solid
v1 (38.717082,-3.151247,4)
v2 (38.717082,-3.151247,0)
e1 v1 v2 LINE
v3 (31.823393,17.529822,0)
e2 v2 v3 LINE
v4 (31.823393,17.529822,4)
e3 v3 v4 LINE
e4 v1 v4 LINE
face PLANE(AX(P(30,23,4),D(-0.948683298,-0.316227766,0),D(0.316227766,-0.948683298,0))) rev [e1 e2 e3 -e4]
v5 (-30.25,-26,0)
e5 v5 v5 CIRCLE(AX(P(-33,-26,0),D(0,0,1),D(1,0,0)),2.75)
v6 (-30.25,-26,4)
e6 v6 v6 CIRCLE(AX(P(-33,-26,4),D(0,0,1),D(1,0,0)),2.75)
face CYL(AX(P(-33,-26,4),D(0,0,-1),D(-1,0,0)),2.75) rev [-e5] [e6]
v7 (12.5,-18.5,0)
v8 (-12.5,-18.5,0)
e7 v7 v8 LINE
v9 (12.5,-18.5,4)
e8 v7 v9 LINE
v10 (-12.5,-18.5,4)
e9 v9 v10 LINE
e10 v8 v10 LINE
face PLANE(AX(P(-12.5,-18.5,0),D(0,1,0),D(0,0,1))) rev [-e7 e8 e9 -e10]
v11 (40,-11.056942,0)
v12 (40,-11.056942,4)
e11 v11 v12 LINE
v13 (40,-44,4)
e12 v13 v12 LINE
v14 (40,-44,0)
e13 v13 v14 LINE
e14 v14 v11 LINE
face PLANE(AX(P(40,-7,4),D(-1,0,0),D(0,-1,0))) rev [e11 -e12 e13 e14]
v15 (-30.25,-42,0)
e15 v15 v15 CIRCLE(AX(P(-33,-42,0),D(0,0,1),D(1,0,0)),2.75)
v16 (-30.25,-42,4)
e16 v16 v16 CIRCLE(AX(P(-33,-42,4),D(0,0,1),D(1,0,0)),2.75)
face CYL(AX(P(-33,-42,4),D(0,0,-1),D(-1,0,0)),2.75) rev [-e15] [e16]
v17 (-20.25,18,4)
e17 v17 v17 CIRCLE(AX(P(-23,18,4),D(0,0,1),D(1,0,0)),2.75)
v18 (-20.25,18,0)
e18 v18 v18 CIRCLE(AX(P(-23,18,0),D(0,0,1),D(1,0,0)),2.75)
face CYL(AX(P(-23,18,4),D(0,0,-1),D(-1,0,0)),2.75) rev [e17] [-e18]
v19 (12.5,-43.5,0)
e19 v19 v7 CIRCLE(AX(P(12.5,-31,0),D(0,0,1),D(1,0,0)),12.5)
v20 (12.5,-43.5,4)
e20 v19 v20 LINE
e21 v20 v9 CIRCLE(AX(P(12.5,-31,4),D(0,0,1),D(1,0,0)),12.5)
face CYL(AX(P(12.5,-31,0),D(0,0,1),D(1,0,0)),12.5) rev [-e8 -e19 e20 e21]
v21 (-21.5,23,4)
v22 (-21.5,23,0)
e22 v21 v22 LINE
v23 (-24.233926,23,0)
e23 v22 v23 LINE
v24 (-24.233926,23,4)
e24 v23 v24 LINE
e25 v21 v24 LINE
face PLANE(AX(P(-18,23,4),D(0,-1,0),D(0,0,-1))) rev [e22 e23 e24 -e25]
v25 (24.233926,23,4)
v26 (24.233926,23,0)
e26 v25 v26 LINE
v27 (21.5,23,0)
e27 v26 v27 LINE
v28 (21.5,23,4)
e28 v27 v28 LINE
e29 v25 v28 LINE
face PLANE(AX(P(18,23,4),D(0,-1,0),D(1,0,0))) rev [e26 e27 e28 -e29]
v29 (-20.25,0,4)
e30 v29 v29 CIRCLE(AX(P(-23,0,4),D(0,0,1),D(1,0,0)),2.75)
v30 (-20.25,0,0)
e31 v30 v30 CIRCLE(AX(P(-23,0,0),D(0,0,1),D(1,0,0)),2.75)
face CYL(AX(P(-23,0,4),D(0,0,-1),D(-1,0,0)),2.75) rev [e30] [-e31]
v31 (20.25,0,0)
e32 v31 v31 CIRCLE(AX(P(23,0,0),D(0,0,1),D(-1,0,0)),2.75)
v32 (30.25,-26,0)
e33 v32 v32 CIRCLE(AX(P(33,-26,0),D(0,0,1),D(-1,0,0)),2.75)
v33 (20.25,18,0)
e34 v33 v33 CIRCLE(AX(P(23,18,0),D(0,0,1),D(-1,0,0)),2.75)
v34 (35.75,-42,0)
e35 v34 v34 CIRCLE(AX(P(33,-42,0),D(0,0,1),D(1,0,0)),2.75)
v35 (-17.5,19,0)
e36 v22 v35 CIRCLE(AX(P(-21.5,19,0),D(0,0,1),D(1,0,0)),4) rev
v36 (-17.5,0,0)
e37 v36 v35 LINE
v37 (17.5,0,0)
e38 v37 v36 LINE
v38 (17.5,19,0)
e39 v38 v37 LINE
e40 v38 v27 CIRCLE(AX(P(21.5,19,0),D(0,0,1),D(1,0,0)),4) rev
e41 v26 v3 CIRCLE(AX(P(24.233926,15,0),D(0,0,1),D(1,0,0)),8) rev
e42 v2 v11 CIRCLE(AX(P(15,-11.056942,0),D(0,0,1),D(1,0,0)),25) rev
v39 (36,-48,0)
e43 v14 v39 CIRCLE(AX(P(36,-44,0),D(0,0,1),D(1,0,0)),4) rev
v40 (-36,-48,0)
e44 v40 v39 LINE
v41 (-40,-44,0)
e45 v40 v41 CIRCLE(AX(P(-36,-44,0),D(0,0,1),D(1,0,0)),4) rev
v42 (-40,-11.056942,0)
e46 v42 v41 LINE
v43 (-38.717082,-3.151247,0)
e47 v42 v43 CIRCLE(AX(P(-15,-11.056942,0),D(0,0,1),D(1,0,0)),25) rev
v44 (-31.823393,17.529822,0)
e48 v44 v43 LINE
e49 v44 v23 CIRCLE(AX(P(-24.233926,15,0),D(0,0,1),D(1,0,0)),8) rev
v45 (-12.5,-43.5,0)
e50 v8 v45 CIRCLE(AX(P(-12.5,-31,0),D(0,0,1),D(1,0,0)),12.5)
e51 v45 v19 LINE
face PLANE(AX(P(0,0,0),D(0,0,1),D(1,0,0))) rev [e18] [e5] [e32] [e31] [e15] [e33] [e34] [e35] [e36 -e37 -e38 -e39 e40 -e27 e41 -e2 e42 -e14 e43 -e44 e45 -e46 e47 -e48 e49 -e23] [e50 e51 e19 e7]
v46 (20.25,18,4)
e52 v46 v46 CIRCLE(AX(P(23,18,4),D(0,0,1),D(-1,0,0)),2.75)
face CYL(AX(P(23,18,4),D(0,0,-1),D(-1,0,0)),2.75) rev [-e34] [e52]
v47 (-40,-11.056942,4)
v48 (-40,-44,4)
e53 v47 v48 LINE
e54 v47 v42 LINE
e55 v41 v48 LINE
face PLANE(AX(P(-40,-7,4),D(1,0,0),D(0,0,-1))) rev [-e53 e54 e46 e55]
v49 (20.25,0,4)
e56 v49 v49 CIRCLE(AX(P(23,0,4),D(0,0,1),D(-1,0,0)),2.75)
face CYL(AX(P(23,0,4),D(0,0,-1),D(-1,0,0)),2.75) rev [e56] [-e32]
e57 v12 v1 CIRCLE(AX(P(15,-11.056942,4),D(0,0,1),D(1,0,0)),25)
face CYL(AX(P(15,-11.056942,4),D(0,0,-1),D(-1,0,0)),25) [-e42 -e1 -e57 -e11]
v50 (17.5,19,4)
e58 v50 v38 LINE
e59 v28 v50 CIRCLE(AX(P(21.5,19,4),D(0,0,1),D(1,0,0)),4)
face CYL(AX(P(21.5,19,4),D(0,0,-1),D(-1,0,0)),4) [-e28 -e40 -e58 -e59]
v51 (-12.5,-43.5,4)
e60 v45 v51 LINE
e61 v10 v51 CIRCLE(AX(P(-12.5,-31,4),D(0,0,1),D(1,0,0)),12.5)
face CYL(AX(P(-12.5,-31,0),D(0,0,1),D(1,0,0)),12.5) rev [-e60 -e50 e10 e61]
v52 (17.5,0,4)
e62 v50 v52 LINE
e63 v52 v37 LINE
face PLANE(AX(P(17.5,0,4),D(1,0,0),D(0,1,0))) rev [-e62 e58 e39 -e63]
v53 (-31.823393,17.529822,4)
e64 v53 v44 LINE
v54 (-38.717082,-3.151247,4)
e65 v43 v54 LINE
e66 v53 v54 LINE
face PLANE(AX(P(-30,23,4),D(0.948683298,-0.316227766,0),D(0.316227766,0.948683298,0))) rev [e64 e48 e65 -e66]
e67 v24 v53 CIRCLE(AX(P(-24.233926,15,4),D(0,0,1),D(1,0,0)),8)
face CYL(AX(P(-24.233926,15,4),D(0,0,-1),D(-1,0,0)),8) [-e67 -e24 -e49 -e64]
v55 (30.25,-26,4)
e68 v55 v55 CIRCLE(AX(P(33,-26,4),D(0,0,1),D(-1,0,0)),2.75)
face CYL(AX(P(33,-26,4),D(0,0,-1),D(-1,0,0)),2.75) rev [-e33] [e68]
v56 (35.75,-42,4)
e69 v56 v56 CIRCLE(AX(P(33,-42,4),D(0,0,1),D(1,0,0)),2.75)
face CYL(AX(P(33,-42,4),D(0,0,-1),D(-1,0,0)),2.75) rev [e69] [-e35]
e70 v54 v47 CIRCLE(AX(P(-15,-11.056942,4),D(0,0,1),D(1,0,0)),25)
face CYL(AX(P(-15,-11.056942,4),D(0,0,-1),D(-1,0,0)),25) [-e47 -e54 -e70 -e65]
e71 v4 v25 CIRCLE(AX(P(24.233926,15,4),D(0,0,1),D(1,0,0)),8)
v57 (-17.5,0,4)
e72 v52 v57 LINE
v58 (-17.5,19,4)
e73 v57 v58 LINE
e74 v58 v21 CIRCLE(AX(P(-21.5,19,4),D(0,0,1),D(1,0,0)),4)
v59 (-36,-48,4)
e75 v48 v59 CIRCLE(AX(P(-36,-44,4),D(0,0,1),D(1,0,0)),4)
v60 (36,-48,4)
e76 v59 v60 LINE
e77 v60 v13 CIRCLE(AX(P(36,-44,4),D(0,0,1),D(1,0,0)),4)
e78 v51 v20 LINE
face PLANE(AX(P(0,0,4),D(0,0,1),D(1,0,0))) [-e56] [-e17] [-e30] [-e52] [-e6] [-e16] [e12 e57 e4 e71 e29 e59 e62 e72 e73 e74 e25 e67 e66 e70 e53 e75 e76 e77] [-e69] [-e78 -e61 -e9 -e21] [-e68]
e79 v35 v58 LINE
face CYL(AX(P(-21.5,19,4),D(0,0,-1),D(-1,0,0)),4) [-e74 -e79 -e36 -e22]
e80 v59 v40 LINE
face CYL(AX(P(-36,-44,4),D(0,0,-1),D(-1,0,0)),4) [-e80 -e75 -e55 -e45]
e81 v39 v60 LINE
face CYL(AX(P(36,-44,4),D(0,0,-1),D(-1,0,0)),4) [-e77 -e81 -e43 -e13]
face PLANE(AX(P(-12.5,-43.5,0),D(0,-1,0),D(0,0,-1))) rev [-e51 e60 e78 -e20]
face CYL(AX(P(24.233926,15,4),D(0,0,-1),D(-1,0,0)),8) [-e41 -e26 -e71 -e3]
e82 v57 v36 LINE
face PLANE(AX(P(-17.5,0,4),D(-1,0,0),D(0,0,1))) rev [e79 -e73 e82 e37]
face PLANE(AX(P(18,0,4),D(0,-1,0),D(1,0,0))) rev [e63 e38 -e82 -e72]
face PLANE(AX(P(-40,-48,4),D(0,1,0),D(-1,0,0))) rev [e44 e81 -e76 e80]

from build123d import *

# Parameters (mm, degrees)
SKETCH_1_R          = 2.75
EXTRUDE_1_DEPTH     = 4
SKETCH_2_R          = 2.75
EXTRUDE_2_DEPTH     = 4
FILLET_2_R          = 4
FILLET_3_R          = 8
FILLET_4_R          = 25
CUT_EXTRUDE_1_DEPTH = 5


with BuildPart() as part:
    # Эскиз1 → Бобышка-Вытянуть1 (new body)
    with BuildSketch(Plane.XY):
        Polygon((18, 0), (-18, 0), (-18, 23), (-30, 23), (-30, -7), (-40, -7), (-40, -32), (40, -32), (40, -7), (30, -7), (30, 23), (18, 23), align=None)
        with Locations((-23, 18)):
            Circle(SKETCH_1_R, mode=Mode.SUBTRACT)
        with Locations((-23, 0)):
            Circle(SKETCH_1_R, mode=Mode.SUBTRACT)
        with Locations((-33, -26)):
            Circle(SKETCH_1_R, mode=Mode.SUBTRACT)
        with Locations((0, -26)):
            Circle(SKETCH_1_R, mode=Mode.SUBTRACT)
        with Locations((33, -26)):
            Circle(SKETCH_1_R, mode=Mode.SUBTRACT)
        with Locations((23, 18)):
            Circle(SKETCH_1_R, mode=Mode.SUBTRACT)
        with Locations((23, 0)):
            Circle(SKETCH_1_R, mode=Mode.SUBTRACT)
    extrude(amount=EXTRUDE_1_DEPTH)

    # Эскиз2 → Бобышка-Вытянуть2 (add)
    with BuildSketch(Plane.XY):
        Polygon((17.5, 0), (-17.5, 0), (-17.5, 23), (-30, 23), (-40, -7), (-40, -32), (-40, -48), (40, -48), (40, -32), (40, -7), (30, 23), (17.5, 23), align=None)
        with Locations((-23, 18)):
            Circle(SKETCH_2_R, mode=Mode.SUBTRACT)
        with Locations((-23, 0)):
            Circle(SKETCH_2_R, mode=Mode.SUBTRACT)
        with Locations((-33, -26)):
            Circle(SKETCH_2_R, mode=Mode.SUBTRACT)
        with Locations((-33, -42)):
            Circle(SKETCH_2_R, mode=Mode.SUBTRACT)
        with Locations((33, -26)):
            Circle(SKETCH_2_R, mode=Mode.SUBTRACT)
        with Locations((23, 18)):
            Circle(SKETCH_2_R, mode=Mode.SUBTRACT)
        with Locations((23, 0)):
            Circle(SKETCH_2_R, mode=Mode.SUBTRACT)
        with Locations((33, -42)):
            Circle(SKETCH_2_R, mode=Mode.SUBTRACT)
    extrude(amount=EXTRUDE_2_DEPTH)

    # Скругление2
    fillet_2_edges = [part.edges().sort_by_distance(p)[0] for p in [
        (-17.5, 23, 2),
        (40, -48, 2),
        (-40, -48, 2),
        (17.5, 23, 2),
    ]]
    fillet(fillet_2_edges, radius=FILLET_2_R)

    # Скругление3
    fillet_3_edges = [part.edges().sort_by_distance(p)[0] for p in [
        (30, 23, 2),
        (-30, 23, 2),
    ]]
    fillet(fillet_3_edges, radius=FILLET_3_R)

    # Скругление4
    fillet_4_edges = [part.edges().sort_by_distance(p)[0] for p in [
        (40, -7, 2),
        (-40, -7, 2),
    ]]
    fillet(fillet_4_edges, radius=FILLET_4_R)

    # Эскиз3 → Вырез-Вытянуть1 (cut, through all)
    with BuildSketch(Plane.XY.offset(4)):
        with BuildLine():
            Line((-12.5, -18.5), (12.5, -18.5))
            ThreePointArc((12.5, -18.5), (25, -31), (12.5, -43.5))
            Line((12.5, -43.5), (-12.5, -43.5))
            ThreePointArc((-12.5, -43.5), (-25, -31), (-12.5, -18.5))
        make_face()
    extrude(amount=-CUT_EXTRUDE_1_DEPTH, mode=Mode.SUBTRACT)


solid = part.part
